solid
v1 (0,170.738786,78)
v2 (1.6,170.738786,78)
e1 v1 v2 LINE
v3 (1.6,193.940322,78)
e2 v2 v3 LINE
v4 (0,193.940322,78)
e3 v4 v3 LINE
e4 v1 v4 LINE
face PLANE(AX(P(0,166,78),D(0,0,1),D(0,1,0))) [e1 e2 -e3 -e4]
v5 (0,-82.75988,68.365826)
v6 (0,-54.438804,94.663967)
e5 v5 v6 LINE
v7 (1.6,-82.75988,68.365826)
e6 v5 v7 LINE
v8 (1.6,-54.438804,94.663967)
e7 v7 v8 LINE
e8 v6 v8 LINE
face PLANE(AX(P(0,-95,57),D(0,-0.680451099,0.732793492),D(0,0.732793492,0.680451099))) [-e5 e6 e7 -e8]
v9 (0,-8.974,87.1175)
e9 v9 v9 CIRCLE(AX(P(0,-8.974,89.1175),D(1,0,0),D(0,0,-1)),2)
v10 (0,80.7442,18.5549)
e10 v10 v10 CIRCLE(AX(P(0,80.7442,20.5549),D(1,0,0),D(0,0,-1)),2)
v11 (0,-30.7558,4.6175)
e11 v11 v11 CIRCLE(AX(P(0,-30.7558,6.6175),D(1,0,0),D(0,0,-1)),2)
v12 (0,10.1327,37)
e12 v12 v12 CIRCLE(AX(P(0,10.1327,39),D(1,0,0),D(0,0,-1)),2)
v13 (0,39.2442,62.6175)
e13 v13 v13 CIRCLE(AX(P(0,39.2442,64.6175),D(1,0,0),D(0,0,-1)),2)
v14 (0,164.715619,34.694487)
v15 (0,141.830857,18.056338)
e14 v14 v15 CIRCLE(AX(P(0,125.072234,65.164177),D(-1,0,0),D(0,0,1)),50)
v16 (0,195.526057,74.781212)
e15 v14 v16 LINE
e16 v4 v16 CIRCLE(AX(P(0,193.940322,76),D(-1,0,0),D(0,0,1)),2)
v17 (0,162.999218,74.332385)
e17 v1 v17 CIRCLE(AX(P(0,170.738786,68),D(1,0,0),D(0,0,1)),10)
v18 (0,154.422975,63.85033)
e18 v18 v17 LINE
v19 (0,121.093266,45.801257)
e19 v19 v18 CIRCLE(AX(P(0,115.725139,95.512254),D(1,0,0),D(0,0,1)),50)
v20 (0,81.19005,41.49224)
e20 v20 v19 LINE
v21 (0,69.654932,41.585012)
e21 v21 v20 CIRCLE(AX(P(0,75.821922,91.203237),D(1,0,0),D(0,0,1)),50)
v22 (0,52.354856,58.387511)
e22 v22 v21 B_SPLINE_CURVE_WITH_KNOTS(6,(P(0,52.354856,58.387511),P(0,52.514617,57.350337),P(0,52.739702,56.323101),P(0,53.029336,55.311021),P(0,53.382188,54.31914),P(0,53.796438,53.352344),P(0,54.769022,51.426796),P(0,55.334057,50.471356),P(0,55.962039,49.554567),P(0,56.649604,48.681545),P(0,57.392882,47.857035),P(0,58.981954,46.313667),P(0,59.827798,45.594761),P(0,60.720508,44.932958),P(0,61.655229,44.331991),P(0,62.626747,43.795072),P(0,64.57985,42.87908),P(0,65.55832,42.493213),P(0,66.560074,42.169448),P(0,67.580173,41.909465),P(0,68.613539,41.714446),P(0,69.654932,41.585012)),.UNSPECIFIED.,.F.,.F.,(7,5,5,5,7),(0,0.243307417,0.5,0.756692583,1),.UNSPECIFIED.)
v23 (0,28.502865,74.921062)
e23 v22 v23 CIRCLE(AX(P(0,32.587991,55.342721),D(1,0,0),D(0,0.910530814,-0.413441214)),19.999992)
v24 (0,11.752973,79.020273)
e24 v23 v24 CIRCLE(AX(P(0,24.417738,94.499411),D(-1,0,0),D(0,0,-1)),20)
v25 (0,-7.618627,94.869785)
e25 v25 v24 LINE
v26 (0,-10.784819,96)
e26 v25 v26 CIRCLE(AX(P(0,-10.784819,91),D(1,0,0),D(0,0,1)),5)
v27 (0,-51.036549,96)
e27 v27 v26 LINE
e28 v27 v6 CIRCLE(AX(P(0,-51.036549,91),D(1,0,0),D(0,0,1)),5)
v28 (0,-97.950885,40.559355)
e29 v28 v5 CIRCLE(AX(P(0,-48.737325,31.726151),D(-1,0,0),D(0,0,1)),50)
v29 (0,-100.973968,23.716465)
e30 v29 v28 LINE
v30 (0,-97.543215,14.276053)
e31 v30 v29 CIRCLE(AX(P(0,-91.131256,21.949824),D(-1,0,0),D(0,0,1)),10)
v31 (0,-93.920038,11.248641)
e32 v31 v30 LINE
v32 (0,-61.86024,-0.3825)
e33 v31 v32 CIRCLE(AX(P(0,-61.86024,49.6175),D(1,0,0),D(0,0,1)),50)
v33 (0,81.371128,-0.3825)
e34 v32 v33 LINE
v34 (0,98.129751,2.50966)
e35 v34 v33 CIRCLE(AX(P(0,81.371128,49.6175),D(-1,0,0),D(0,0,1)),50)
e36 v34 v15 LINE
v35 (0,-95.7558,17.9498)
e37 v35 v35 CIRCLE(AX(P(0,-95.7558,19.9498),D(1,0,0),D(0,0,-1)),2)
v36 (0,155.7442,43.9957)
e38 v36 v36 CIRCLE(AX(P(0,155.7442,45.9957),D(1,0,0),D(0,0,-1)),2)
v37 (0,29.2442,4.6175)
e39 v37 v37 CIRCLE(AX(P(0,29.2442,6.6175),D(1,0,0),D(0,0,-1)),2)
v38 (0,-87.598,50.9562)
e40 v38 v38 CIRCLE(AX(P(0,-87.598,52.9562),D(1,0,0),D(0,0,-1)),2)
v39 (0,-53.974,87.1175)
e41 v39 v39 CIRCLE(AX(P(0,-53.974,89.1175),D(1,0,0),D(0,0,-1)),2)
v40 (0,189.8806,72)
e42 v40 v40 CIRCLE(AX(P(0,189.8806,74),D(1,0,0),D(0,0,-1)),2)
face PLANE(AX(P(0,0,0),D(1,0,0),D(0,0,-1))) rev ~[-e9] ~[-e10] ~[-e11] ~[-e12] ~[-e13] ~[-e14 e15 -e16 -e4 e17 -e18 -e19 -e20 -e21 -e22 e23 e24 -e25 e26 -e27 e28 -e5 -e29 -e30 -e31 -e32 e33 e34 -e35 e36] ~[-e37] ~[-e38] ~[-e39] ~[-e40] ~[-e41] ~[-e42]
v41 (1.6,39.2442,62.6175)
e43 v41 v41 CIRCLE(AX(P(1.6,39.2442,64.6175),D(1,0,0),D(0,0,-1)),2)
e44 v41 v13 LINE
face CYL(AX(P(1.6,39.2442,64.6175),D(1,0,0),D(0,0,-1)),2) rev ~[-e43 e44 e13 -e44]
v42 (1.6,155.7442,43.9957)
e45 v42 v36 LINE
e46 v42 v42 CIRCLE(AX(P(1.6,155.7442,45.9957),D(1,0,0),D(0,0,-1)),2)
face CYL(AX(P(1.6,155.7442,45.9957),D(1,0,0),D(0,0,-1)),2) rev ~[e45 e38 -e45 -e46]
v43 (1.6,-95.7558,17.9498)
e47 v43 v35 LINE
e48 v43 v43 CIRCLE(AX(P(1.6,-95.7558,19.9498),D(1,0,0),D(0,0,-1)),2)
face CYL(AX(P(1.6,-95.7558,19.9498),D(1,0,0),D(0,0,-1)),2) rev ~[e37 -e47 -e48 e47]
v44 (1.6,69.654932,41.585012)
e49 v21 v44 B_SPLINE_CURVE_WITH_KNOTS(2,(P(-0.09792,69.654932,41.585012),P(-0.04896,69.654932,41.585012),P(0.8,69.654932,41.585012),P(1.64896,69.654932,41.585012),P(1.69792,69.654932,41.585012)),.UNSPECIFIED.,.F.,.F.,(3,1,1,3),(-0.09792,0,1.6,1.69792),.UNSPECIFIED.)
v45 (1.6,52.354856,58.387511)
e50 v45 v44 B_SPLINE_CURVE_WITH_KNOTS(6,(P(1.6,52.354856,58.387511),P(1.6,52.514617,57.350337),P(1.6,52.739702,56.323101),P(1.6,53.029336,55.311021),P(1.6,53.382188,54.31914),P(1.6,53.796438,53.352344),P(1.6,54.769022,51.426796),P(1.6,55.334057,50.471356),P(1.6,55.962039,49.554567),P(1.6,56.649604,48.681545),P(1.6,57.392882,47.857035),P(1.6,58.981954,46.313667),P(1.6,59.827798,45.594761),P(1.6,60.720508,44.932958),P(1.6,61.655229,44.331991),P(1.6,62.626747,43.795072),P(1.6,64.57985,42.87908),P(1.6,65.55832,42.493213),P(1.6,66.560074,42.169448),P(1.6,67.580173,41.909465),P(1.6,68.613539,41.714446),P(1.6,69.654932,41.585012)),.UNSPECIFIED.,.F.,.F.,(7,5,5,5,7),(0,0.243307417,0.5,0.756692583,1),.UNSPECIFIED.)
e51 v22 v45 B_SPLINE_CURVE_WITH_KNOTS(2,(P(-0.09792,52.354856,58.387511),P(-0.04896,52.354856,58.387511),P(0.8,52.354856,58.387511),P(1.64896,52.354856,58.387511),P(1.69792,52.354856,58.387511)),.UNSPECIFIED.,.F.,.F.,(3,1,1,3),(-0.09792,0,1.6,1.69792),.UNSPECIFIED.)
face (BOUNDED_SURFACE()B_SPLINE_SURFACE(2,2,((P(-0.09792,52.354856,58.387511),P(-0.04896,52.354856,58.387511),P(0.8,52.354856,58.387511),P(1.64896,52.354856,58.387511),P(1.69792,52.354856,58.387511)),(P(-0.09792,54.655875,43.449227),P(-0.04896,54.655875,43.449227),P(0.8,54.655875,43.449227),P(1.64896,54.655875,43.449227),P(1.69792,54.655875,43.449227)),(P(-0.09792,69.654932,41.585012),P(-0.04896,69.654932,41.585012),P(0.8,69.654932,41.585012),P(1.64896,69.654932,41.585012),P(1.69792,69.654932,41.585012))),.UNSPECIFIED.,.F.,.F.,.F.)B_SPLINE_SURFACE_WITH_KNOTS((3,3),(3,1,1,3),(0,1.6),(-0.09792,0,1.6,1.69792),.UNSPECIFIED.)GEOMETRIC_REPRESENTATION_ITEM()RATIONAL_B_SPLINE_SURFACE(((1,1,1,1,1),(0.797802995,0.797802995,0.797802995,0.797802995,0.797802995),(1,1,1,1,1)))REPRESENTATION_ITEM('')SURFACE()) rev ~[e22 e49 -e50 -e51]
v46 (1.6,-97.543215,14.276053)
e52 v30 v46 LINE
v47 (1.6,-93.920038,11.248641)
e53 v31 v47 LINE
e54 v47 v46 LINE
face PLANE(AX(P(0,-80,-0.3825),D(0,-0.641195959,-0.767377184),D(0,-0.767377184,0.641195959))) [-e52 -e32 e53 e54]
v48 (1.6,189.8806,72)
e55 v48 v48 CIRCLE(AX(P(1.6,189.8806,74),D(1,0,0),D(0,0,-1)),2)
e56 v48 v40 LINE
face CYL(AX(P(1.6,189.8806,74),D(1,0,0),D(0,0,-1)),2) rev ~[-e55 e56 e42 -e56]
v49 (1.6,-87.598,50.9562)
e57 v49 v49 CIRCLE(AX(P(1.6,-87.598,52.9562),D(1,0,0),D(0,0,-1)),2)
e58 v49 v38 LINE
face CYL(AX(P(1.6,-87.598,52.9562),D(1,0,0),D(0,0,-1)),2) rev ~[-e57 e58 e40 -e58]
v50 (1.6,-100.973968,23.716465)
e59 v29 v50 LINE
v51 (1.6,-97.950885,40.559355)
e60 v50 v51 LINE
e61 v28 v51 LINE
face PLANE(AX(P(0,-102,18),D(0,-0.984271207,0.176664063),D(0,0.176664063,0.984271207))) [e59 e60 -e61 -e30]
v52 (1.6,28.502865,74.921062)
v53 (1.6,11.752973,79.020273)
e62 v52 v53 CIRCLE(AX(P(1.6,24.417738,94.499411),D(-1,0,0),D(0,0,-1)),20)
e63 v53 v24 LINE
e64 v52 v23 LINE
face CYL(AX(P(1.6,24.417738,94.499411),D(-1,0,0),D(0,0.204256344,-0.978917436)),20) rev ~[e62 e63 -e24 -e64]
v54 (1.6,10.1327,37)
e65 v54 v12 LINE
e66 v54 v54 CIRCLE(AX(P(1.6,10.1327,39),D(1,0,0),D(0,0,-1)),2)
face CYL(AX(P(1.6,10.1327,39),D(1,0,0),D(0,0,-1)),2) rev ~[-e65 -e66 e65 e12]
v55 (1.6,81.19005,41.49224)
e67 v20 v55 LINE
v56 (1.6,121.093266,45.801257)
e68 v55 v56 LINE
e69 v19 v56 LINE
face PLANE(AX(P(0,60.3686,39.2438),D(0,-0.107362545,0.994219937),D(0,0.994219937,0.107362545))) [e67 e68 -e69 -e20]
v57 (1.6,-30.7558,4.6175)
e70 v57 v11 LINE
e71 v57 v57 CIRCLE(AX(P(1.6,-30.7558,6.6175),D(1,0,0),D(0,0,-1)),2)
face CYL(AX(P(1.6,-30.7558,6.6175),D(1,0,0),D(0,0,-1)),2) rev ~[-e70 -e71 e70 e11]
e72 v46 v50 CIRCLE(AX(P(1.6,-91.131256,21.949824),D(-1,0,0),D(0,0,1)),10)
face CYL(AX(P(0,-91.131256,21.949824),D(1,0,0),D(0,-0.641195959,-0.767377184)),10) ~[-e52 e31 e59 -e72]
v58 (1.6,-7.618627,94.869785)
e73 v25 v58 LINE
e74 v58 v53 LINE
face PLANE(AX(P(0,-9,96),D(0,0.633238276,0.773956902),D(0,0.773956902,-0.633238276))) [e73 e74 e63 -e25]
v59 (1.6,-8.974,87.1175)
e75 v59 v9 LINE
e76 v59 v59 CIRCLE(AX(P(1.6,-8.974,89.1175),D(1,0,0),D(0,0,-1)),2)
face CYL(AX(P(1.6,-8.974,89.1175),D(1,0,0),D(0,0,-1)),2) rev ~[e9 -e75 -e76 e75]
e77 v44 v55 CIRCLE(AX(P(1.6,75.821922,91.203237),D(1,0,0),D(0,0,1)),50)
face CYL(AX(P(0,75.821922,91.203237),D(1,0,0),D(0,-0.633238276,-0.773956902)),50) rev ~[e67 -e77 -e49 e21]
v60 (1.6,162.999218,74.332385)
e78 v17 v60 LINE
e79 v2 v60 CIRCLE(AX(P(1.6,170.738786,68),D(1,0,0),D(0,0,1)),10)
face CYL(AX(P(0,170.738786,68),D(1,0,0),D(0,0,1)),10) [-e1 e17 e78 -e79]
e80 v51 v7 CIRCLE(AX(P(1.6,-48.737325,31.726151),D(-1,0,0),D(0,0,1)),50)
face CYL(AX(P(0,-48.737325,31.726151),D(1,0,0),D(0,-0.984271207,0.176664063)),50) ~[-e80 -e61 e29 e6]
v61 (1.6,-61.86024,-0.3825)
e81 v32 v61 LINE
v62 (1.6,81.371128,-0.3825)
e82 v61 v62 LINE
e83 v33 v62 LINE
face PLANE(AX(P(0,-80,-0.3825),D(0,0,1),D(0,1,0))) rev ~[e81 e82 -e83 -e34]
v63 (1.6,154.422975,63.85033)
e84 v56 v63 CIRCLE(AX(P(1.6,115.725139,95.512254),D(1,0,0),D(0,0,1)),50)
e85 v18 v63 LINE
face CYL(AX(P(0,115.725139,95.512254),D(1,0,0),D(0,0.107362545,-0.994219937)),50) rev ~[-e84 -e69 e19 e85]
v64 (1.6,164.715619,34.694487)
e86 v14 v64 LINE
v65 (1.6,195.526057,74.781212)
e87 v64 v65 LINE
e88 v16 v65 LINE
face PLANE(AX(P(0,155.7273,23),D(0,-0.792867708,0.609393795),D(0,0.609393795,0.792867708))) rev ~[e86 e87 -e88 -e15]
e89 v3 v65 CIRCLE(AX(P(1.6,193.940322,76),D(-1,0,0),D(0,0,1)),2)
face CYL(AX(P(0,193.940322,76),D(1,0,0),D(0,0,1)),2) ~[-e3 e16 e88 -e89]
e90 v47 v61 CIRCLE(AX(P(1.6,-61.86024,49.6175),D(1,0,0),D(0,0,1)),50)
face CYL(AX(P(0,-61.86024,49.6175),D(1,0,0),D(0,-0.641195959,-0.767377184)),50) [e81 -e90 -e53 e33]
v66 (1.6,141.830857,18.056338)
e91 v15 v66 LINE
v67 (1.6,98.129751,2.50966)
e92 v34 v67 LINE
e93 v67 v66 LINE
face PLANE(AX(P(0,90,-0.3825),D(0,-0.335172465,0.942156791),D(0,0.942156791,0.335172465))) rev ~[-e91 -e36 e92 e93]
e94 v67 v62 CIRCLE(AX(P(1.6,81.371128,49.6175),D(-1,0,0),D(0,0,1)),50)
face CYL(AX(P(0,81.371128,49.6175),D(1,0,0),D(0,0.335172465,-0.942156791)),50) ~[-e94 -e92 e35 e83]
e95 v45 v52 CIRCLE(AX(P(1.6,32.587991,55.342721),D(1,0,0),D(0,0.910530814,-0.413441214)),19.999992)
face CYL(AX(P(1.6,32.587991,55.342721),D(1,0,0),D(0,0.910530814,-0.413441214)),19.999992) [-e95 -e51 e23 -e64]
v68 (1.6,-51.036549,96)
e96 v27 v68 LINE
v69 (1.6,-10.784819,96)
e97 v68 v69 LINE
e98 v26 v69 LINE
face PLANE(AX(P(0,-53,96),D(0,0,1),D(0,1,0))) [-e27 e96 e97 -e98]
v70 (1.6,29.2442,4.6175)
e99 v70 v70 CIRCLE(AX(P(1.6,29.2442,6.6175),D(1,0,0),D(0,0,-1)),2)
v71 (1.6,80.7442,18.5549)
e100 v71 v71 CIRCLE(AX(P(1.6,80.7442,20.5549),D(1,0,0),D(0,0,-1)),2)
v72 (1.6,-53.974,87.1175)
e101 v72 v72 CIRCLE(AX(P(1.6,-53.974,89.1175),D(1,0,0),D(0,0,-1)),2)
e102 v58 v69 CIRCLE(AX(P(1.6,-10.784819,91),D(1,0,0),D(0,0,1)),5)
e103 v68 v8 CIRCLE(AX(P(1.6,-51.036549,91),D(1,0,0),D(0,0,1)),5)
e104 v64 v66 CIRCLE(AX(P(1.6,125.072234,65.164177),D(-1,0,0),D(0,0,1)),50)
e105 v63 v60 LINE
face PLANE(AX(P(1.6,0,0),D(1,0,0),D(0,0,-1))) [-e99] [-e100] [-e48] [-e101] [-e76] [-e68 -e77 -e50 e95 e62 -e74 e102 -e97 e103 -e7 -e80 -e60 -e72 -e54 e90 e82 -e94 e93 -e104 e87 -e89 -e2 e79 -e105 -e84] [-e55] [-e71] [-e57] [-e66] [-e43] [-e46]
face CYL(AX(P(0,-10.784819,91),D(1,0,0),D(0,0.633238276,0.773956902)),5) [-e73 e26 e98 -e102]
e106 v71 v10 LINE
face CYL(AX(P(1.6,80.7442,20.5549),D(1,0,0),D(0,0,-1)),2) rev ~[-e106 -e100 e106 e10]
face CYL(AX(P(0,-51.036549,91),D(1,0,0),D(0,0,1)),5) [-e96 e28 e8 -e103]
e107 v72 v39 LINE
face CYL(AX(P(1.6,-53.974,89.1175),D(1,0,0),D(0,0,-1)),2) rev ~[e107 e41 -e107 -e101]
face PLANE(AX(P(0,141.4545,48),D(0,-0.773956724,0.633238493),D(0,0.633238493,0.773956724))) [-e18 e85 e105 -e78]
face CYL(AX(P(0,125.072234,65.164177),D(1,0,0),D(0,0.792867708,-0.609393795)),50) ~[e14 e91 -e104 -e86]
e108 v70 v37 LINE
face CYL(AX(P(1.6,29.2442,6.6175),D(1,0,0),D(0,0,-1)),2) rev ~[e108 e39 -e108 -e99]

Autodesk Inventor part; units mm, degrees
ref_plane "YZ Plane" through (0, 0, 0) normal (1, 0, 0) x (0, 1, 0)
ref_plane "XZ Plane" through (0, 0, 0) normal (0, 1, 0) x (-1, 0, 0)
ref_plane "XY Plane" through (0, 0, 0) normal (0, 0, 1) x (1, 0, 0)
sketch "Esquisse1" plane through (0, 0, 0) normal (1, 0, 0) x (0, 1, 0)
  line L0 (-80, -0.3825) -> (90, -0.3825)
  line L1 (90, -0.3825) -> (155.7273, 23)
  line L2 (155.7273, 23) -> (198, 78)
  line L3 (-80, -0.3825) -> (-102, 18)
  line L4 (-102, 18) -> (-95, 57)
  line L5 (-95, 57) -> (-53, 96)
  line L6 (-53, 96) -> (-9, 96)
  line L7 (-9, 96) -> (60.3686, 39.2438)
  line L8 (60.3686, 39.2438) -> (141.4545, 48)
  line L9 (141.4545, 48) -> (166, 78)
  line L10 (166, 78) -> (198, 78)
  point P0 (0, 0)
  dimension "d0" = 300
  dimension "d1" = 32
  dimension "d2" = 44
  dimension "d3" = 170
extrude "Extrusion1" add sketch "Esquisse1" along normal blind 1.6
fillet "Congé1" radius 50 6 edges at (0.8, -95, 57) (0.8, -80, -0.3825) (0.8, 60.3686, 39.2438) (0.8, 141.4545, 48) (0.8, 155.7273, 23) (0.8, 90, -0.3825)
fillet "Congé2" radius 10 1 edges at (0.8, -102, 18)
fillet "Congé3" radius 10 1 edges at (0.8, 166, 78)
fillet "Congé4" radius 2 1 edges at (0.8, 198, 78)
fillet "Congé5" radius 5 2 edges at (0.8, -9, 96) (0.8, -53, 96)
sketch "Esquisse2" plane through (1.6, 0, 0) normal (1, 0, 0) x (0, 0, -1)
  line L0 (-94.664, -54.4388) -> (-68.3658, -82.7599) projected
  arc A0 (-23.7165, -100.974) -> (-14.2761, -97.5432) centre (-21.9498, -91.1313) ccw projected
  line L1 (-14.2761, -97.5432) -> (-11.2486, -93.92) projected
  line L2 (0.3825, -61.8602) -> (0.3825, 81.3711) projected
  line L3 (-34.6945, 164.7156) -> (-74.7812, 195.5261) projected
  line L4 (-78, 193.9403) -> (-78, 170.7388) projected
  line L5 (-52.5054, 44.1601) -> (-94.8698, -7.6186) projected
  circle A1 centre (-89.1175, -53.974) radius 2
  circle A2 centre (-19.9498, -95.7558) radius 2
  circle A3 centre (-6.6175, -30.7558) radius 2
  circle A4 centre (-39, 10.1327) radius 2
  circle A5 centre (-20.5549, 80.7442) radius 2
  circle A6 centre (-45.9957, 155.7442) radius 2
  circle A7 centre (-6.6175, 29.2442) radius 2
  circle A8 centre (-74, 189.8806) radius 2
  line L6 (-40.5594, -97.9509) -> (-23.7165, -100.974) projected
  circle A9 centre (-52.9562, -87.598) radius 2
  circle A10 centre (-89.1175, -8.974) radius 2
  line L7 (-96, -10.7848) -> (-96, -51.0365) projected
  point P0 (-41.4923, 81.1901)
  point P1 (0, 0)
  dimension "d11" = 4
  dimension "d13" = 4
  dimension "d14" = 4
  dimension "d15" = 4
  dimension "d16" = 4
  dimension "d17" = 4
  dimension "d22" = 2
  dimension "d23" = 5.5
  dimension "d24" = 7
  dimension "d25" = 4
  dimension "d26" = 7
  dimension "d27" = 60
  dimension "d28" = 65
  dimension "d31" = 41.8748
  dimension "d32" = 20.9374
  dimension "d36" = 14
  dimension "d37" = 75
  dimension "d38" = 4
  dimension "d39" = 4
  dimension "d40" = 4
  dimension "d43" = 4
  dimension "d44" = 8
  dimension "d45" = 8
  dimension "d47" = 4
  dimension "d48" = 45
  dimension "d49" = 89.5
  dimension "d50" = 89.5
  dimension "d51" = 47
  dimension "d53" = 32
  dimension "d54" = 57
  dimension "d55" = 51.5
extrude "Extrusion2" cut sketch "Esquisse2" against normal blind 4
sketch "Esquisse4" plane through (1.6, 0, 0) normal (1, 0, 0) x (0, 0, -1)
  circle A0 centre (-20.5549, 80.7442) radius 2 projected
  line L0 (-52.5054, 44.1601) -> (-94.8698, -7.6186) projected
  arc A1 (-47.0739, 50.7986) -> (-71.5553, 20.8768) centre (-55.3427, 32.5879) ccw
  line L1 (-47.0739, 50.7986) -> (-71.5553, 20.8768)
  point P0 (-96, -10.7848)
  point P1 (0, 0)
  dimension "d62" = 40
  dimension "d63" = 40
  dimension "d64" = 20
extrude "Extrusion4" add sketch "Esquisse4" against normal blind 1.6 contours L0 A1 L1
fillet "Congé7" radius 20 2 edges at (0.8, 20.8768, 71.5553) (0.8, 51.09, 47.7484)
sketch "Esquisse5" plane through (1.6, 0, 0) normal (1, 0, 0) x (0, 0, -1)
  line L0 (0.3825, -61.8602) -> (0.3825, 81.3711) projected
  circle A0 centre (-19.9498, -95.7558) radius 2 projected
  circle A1 centre (-64.6175, 39.2442) radius 2
  point P0 (0, 0)
  dimension "d68" = 4
  dimension "d69" = 65
  dimension "d70" = 135
extrude "Extrusion5" cut sketch "Esquisse5" against normal through all contours A1
equation "\"d13\" = d11"
equation "\"d14\" = d11"
equation "\"d15\" = d11"
equation "\"d16\" = d11"
equation "\"d17\" = d11"
equation "\"d25\" = d11"
equation "\"d26\" = d24"
equation "\"d32\" = 0.5 * d31"
equation "\"d38\" = d11"
equation "\"d43\" = d11"
equation "\"d47\" = d11"
equation "\"d50\" = d49"
equation "\"d41\" = d43"
properties part number "Cote_Gauche" material "Fibre de verre - FR4"
